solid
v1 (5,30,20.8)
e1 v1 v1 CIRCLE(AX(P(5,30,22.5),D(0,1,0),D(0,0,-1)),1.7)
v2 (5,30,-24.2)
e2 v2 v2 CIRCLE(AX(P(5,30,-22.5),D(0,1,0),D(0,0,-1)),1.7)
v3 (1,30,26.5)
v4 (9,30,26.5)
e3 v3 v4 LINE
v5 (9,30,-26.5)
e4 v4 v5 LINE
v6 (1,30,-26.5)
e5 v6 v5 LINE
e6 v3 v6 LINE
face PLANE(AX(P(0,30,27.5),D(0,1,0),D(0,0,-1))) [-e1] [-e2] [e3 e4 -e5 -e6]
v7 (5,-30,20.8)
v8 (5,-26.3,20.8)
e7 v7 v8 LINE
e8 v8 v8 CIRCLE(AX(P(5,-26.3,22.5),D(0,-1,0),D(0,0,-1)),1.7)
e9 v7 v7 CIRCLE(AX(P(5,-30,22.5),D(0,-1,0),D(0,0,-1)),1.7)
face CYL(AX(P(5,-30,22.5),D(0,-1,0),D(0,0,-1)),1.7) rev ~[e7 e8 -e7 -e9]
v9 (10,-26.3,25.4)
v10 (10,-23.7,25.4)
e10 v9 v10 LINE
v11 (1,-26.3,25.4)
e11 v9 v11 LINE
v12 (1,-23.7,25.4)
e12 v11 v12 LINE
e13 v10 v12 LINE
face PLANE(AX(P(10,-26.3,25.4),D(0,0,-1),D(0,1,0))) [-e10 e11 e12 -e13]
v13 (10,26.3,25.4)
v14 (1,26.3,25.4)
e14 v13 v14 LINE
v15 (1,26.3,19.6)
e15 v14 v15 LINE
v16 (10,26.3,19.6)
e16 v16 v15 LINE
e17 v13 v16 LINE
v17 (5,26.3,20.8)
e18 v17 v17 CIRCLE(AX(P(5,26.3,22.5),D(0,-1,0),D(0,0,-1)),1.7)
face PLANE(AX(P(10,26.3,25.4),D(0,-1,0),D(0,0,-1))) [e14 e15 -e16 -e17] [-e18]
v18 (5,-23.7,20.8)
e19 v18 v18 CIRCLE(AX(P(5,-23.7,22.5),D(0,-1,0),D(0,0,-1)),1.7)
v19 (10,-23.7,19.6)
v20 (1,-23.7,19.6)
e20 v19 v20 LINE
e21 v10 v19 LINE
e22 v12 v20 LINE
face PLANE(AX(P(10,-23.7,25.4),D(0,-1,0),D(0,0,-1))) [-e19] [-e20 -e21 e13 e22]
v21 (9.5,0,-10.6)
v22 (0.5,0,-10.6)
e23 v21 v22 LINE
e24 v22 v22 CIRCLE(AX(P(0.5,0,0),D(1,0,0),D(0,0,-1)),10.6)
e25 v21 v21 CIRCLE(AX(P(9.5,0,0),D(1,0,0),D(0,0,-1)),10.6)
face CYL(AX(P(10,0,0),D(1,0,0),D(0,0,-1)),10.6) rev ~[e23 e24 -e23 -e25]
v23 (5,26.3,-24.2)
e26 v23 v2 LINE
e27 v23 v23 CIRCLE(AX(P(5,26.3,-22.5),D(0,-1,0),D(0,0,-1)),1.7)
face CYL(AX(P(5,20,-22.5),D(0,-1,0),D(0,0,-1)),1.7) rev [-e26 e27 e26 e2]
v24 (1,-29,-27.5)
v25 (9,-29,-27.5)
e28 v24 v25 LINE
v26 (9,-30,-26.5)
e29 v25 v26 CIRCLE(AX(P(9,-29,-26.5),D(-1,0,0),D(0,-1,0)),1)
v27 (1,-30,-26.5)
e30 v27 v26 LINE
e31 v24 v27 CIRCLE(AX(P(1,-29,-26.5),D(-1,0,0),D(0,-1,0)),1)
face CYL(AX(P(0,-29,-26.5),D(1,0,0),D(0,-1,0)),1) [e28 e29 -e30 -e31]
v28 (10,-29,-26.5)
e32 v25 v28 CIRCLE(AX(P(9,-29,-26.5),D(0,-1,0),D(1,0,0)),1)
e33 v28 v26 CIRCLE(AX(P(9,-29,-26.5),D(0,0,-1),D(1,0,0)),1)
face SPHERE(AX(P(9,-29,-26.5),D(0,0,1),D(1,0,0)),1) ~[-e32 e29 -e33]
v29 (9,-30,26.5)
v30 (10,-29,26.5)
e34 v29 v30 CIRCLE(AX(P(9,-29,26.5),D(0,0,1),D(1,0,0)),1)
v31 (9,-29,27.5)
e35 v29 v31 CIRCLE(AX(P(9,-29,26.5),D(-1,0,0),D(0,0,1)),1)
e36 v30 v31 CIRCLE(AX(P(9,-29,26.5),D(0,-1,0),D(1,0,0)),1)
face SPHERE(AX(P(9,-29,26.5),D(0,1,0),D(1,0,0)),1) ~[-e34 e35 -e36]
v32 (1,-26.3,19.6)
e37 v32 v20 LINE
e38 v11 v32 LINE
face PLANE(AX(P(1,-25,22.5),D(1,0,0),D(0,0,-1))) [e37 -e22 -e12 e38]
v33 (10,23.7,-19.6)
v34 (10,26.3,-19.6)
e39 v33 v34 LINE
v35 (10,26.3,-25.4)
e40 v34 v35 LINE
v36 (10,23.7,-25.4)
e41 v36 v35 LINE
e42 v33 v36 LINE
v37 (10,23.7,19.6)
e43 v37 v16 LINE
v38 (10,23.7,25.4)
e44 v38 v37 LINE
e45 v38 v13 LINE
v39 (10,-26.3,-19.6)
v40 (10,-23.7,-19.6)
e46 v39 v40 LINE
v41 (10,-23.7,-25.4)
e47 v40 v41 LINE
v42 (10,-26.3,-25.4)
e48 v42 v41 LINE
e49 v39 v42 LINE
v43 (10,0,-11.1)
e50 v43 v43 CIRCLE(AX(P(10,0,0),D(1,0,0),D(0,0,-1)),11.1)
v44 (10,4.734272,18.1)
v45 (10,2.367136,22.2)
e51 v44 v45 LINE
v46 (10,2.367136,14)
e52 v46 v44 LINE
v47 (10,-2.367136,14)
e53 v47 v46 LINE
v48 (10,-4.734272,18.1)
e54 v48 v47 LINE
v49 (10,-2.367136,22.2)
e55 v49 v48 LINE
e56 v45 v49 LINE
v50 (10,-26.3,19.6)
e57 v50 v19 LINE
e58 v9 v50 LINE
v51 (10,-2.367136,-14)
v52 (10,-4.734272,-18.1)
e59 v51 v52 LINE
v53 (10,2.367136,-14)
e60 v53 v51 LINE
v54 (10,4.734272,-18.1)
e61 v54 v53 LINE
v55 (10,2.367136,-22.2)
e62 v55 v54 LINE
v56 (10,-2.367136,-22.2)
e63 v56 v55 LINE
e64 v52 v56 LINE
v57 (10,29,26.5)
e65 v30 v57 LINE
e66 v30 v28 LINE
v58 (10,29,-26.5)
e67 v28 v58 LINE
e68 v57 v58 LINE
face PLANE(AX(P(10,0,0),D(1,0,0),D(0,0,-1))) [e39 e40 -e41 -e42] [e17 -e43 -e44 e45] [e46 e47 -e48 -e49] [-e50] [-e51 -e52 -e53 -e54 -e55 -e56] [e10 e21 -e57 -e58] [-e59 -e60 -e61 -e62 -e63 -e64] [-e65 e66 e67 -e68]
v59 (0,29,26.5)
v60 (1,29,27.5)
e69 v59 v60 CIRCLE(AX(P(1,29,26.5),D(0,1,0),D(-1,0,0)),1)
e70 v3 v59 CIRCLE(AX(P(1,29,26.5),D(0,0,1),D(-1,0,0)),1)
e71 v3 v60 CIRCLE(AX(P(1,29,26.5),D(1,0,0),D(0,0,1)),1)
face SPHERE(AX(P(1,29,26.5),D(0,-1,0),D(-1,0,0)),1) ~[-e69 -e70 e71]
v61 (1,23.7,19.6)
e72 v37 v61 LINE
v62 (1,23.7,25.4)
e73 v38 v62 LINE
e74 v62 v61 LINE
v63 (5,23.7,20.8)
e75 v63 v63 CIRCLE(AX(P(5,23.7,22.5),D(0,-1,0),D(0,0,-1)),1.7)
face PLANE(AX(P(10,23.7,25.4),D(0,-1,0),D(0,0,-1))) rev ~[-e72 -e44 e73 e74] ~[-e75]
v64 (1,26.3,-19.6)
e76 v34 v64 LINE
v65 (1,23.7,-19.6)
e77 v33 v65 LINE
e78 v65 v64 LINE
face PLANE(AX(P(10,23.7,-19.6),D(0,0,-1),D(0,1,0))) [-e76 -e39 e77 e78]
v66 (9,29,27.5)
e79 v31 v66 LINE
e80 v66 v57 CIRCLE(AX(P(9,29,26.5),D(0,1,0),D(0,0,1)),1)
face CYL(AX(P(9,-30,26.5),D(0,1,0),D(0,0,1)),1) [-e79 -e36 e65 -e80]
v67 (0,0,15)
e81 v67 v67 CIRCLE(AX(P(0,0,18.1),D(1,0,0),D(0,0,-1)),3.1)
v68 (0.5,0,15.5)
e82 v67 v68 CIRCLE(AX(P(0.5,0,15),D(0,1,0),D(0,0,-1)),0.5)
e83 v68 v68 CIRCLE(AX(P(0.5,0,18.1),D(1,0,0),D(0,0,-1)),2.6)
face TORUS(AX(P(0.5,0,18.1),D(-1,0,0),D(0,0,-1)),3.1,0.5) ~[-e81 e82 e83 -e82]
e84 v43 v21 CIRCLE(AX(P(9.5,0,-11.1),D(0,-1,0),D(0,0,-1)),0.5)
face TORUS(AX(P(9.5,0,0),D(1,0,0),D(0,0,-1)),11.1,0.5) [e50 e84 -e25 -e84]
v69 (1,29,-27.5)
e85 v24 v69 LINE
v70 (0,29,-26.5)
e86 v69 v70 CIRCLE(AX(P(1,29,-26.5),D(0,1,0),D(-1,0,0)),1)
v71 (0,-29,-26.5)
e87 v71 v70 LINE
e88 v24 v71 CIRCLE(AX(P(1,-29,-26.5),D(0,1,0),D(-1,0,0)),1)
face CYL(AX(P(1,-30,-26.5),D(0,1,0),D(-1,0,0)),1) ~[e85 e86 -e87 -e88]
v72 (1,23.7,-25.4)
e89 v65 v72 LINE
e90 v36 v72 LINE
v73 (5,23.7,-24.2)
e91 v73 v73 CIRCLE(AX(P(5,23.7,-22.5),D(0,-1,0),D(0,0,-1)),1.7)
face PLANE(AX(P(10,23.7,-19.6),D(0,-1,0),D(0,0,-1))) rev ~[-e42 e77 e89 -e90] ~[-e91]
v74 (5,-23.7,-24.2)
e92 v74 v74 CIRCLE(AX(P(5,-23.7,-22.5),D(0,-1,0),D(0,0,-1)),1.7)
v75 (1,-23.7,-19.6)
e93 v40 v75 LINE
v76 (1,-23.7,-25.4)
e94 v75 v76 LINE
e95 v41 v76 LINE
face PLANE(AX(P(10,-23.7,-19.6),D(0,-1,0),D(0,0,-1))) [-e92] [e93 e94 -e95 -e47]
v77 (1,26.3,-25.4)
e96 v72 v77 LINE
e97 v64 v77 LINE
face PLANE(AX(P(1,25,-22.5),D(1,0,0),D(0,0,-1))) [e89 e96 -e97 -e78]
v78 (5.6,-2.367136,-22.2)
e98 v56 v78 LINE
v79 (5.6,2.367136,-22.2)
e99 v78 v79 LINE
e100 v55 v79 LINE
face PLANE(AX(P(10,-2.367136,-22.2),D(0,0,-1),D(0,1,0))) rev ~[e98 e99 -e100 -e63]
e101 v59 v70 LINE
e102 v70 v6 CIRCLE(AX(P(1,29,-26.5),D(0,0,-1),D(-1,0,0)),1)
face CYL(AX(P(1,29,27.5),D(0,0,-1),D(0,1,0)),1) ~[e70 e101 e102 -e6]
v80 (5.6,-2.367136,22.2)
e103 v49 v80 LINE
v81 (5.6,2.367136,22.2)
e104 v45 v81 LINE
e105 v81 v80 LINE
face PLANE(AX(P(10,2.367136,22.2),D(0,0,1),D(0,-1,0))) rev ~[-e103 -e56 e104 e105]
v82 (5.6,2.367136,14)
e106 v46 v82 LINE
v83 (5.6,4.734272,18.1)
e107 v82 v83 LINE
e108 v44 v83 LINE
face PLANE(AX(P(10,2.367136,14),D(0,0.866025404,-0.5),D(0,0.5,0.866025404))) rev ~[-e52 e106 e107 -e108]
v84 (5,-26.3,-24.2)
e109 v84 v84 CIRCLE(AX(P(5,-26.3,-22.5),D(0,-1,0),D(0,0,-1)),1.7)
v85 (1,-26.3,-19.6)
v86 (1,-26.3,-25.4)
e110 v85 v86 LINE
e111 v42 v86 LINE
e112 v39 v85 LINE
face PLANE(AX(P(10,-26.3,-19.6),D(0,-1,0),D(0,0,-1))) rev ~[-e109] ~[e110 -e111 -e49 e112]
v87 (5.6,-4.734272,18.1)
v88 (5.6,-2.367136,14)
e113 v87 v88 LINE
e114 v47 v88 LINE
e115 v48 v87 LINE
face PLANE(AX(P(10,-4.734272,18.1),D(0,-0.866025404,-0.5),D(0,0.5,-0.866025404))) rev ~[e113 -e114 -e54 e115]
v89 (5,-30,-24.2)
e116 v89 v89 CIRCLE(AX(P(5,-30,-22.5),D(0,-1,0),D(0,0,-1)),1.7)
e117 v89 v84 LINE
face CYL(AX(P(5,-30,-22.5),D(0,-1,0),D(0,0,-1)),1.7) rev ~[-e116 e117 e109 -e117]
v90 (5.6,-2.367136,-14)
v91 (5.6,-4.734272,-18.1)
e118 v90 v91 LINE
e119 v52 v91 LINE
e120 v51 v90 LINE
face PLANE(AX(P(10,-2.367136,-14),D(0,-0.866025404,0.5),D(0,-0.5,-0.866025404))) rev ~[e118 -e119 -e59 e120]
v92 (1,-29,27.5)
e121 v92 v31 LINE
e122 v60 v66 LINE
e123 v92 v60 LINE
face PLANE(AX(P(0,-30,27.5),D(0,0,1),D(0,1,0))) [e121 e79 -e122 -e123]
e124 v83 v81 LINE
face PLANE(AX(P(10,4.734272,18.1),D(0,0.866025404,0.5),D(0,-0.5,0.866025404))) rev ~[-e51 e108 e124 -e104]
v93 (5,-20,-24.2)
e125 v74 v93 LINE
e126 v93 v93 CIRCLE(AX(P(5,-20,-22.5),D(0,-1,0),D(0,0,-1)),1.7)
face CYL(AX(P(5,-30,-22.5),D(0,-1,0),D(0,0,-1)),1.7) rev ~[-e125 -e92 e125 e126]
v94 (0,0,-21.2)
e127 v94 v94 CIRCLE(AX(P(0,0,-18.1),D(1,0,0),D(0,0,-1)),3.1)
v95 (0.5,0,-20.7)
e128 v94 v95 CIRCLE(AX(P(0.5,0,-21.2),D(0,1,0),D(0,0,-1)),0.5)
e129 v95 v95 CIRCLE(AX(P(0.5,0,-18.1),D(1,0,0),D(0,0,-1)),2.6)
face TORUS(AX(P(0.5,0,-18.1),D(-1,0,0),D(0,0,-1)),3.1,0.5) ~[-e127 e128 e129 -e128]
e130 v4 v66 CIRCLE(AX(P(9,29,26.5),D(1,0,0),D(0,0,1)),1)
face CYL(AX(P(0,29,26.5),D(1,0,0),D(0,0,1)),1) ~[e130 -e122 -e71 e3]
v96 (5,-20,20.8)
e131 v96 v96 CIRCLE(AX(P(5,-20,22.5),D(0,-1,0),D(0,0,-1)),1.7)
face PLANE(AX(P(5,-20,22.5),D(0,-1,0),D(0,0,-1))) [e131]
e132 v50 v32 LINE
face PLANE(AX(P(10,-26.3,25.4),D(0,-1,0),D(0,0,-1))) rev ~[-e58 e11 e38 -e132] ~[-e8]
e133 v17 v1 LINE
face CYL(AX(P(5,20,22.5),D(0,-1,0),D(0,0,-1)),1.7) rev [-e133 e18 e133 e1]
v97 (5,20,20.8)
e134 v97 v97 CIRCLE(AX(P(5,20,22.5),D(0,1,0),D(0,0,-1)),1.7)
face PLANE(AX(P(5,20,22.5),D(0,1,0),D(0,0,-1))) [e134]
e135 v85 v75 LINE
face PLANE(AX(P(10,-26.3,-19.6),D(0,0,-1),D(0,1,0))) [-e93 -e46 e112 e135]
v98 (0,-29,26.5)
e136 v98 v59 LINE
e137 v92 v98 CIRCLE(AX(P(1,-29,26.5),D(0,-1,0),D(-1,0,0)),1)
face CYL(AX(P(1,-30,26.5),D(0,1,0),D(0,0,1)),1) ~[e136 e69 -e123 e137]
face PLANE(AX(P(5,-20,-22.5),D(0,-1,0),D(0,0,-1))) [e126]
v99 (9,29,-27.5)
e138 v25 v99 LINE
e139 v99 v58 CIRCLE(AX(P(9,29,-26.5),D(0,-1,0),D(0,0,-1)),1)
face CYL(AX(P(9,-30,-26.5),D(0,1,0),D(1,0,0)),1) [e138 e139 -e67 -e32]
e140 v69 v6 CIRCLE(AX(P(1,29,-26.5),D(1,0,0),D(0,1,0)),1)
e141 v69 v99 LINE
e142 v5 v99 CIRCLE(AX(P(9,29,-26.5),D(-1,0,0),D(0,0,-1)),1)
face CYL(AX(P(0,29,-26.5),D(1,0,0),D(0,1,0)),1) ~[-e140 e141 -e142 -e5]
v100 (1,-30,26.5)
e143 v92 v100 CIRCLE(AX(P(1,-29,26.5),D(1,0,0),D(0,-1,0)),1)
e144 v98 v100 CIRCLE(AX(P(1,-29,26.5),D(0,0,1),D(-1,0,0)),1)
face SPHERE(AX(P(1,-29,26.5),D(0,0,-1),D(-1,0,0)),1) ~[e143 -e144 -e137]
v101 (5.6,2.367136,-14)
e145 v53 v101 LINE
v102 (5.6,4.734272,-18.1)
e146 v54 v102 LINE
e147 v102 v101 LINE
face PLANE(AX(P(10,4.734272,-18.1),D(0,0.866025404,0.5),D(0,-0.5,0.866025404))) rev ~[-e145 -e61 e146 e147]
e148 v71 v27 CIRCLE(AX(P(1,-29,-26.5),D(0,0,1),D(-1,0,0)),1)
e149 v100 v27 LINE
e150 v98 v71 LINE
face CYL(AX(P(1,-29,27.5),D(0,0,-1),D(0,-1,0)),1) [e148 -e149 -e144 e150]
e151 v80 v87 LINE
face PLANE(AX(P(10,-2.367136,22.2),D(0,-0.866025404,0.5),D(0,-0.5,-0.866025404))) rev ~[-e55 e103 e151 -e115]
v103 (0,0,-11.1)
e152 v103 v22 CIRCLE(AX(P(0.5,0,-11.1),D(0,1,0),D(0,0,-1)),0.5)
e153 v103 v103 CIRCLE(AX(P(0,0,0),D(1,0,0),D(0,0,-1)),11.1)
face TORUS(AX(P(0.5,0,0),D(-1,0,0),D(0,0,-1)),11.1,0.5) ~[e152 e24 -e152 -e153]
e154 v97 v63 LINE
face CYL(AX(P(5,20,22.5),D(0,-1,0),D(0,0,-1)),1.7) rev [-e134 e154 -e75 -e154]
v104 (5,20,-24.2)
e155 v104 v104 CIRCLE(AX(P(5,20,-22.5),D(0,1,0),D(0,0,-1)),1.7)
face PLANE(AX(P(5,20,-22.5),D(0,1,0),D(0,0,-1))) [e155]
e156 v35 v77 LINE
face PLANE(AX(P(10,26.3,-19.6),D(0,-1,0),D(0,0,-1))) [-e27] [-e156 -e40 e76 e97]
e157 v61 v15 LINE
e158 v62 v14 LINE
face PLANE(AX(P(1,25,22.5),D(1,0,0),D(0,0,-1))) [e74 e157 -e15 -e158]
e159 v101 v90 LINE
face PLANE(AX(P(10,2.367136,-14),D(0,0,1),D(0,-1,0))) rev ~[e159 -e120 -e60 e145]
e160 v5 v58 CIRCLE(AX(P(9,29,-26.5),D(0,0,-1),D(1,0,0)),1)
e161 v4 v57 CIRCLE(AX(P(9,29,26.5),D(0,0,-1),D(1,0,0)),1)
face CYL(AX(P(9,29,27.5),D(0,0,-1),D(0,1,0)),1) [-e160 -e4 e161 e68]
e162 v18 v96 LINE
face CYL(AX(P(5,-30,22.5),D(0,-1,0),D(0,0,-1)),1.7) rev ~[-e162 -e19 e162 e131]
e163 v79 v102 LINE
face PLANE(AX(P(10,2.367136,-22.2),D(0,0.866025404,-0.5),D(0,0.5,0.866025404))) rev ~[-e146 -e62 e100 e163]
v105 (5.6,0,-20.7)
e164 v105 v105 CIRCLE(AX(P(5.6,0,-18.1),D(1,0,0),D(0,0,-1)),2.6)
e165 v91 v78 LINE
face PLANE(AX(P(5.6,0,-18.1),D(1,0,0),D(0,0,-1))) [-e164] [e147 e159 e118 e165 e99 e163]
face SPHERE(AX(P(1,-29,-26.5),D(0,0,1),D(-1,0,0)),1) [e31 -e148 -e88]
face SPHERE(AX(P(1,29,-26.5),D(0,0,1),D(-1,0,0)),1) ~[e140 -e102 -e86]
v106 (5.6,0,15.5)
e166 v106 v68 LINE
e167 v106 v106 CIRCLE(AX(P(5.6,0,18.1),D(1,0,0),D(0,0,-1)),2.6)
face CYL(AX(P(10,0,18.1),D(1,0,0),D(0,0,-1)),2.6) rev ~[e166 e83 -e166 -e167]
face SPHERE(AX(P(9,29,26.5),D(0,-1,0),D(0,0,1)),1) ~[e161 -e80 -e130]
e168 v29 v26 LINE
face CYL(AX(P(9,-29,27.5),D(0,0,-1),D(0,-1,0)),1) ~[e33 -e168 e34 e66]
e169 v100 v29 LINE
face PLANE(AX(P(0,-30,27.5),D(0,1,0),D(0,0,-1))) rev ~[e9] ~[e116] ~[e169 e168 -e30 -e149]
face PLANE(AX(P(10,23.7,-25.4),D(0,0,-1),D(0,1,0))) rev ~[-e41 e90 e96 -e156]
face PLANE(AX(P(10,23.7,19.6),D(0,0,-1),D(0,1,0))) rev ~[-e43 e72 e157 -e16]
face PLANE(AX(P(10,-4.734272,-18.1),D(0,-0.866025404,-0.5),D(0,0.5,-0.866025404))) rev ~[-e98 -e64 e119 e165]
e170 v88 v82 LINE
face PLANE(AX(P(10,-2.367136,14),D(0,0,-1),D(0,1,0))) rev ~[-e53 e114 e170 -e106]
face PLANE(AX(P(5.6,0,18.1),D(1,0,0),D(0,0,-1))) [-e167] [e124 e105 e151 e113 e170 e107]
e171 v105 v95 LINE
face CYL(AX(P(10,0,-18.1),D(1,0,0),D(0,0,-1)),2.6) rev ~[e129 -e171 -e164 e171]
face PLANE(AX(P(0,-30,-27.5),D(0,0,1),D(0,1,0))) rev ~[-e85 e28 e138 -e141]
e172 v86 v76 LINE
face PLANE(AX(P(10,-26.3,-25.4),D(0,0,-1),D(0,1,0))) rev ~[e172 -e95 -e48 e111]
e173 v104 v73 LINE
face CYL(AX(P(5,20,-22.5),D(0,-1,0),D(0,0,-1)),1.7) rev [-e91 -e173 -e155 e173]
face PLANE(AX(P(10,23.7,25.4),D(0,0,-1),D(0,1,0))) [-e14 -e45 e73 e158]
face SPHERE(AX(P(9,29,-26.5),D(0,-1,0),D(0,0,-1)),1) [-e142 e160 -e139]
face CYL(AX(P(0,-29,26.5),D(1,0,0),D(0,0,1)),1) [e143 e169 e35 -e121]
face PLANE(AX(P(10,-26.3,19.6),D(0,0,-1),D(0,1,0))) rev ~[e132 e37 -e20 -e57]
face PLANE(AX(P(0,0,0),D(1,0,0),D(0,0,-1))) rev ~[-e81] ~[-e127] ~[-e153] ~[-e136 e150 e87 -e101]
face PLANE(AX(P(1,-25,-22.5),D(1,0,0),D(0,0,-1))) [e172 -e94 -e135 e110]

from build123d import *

# Parameters (mm, degrees)
SKETCH1_W           = 55
SKETCH1_H           = 60
BOSS_EXTRUDE1_DEPTH = 10
SKETCH2_R           = 1.7
CUT_EXTRUDE1_DEPTH  = 10
CUT_EXTRUDE2_START  = -10
SKETCH3_R           = 1.7
CUT_EXTRUDE2_DEPTH  = 10
SKETCH4_W           = 5.8
SKETCH4_H           = 2.6
CUT_EXTRUDE3_DEPTH  = 9
SKETCH6_R           = 2.6
SKETCH6_R_2         = 10.6
CUT_EXTRUDE4_DEPTH  = 15
FILLET1_R           = 1
FILLET2_R           = 0.5
CUT_EXTRUDE5_DEPTH  = 4.4


with BuildPart() as part:
    # Sketch1 → Boss-Extrude1 (new body)
    with BuildSketch(Plane(origin=(0, 0, 0), x_dir=(0, 0, -1), z_dir=(1, 0, 0))):
        Rectangle(SKETCH1_W, SKETCH1_H)
    extrude(amount=BOSS_EXTRUDE1_DEPTH)

    # Sketch2 → Cut-Extrude1 (cut)
    with BuildSketch(Plane.XZ.offset(30)):
        with Locations(Location((5, 22.5, 0), (0, 0, 270))):
            Circle(SKETCH2_R)
        with Locations(Location((5, -22.5, 0), (0, 0, 270))):
            Circle(SKETCH2_R)
    extrude(amount=-CUT_EXTRUDE1_DEPTH, mode=Mode.SUBTRACT)

    # Sketch3 → Cut-Extrude2 (cut)
    with BuildSketch(Plane(origin=(0, 30, 0), x_dir=(1, 0, 0), z_dir=(0, 1, 0)).offset(CUT_EXTRUDE2_START)):
        with Locations(Location((5, 22.5, 0), (0, 0, 90))):
            Circle(SKETCH3_R)
        with Locations(Location((5, -22.5, 0), (0, 0, 90))):
            Circle(SKETCH3_R)
    extrude(amount=CUT_EXTRUDE2_DEPTH, mode=Mode.SUBTRACT)

    # Sketch4 → Cut-Extrude3 (cut)
    with BuildSketch(Plane(origin=(10, 0, 0), x_dir=(0, 0, -1), z_dir=(1, 0, 0))):
        with Locations((-22.5, 25)):
            Rectangle(SKETCH4_W, SKETCH4_H)
        with Locations((22.5, 25)):
            Rectangle(SKETCH4_W, SKETCH4_H)
        with Locations((-22.5, -25)):
            Rectangle(SKETCH4_W, SKETCH4_H)
        with Locations((22.5, -25)):
            Rectangle(SKETCH4_W, SKETCH4_H)
    extrude(amount=-CUT_EXTRUDE3_DEPTH, mode=Mode.SUBTRACT)

    # Sketch6 → Cut-Extrude4 (cut)
    with BuildSketch(Plane(origin=(10, 0, 0), x_dir=(0, 0, -1), z_dir=(1, 0, 0))):
        with Locations((-18.1, 0)):
            Circle(SKETCH6_R)
        with Locations((18.1, 0)):
            Circle(SKETCH6_R)
        Circle(SKETCH6_R_2)
    extrude(amount=-CUT_EXTRUDE4_DEPTH, mode=Mode.SUBTRACT)

    # Fillet1
    fillet1_edges = [part.edges().sort_by_distance(p)[0] for p in [
        (10, 0, 27.5),
        (10, -30, 0),
        (10, 0, -27.5),
        (0, -30, 0),
        (0, 0, 27.5),
        (0, 30, 0),
        (0, 0, -27.5),
        (5, -30, -27.5),
        (5, -30, 27.5),
        (5, 30, 27.5),
        (5, 30, -27.5),
        (10, 30, 0),
    ]]
    fillet(fillet1_edges, radius=FILLET1_R)

    # Fillet2
    fillet2_edges = [part.edges().sort_by_distance(p)[0] for p in [
        (0, 0, 20.7),
        (10, 0, 20.7),
        (0, 0, -15.5),
        (10, 0, -15.5),
        (0, 0, 10.6),
        (10, 0, 10.6),
    ]]
    fillet(fillet2_edges, radius=FILLET2_R)

    # Sketch7 → Cut-Extrude5 (cut)
    with BuildSketch(Plane(origin=(10, 0, 0), x_dir=(0, 0, -1), z_dir=(1, 0, 0))):
        Polygon((-18.1, -4.734272207), (-14, -2.367136104), (-14, 2.367136104), (-18.1, 4.734272207), (-22.2, 2.367136104), (-22.2, -2.367136104), align=None)
        Polygon((18.1, -4.734272207), (22.2, -2.367136104), (22.2, 2.367136104), (18.1, 4.734272207), (14, 2.367136104), (14, -2.367136104), align=None)
    extrude(amount=-CUT_EXTRUDE5_DEPTH, mode=Mode.SUBTRACT)


solid = part.part
